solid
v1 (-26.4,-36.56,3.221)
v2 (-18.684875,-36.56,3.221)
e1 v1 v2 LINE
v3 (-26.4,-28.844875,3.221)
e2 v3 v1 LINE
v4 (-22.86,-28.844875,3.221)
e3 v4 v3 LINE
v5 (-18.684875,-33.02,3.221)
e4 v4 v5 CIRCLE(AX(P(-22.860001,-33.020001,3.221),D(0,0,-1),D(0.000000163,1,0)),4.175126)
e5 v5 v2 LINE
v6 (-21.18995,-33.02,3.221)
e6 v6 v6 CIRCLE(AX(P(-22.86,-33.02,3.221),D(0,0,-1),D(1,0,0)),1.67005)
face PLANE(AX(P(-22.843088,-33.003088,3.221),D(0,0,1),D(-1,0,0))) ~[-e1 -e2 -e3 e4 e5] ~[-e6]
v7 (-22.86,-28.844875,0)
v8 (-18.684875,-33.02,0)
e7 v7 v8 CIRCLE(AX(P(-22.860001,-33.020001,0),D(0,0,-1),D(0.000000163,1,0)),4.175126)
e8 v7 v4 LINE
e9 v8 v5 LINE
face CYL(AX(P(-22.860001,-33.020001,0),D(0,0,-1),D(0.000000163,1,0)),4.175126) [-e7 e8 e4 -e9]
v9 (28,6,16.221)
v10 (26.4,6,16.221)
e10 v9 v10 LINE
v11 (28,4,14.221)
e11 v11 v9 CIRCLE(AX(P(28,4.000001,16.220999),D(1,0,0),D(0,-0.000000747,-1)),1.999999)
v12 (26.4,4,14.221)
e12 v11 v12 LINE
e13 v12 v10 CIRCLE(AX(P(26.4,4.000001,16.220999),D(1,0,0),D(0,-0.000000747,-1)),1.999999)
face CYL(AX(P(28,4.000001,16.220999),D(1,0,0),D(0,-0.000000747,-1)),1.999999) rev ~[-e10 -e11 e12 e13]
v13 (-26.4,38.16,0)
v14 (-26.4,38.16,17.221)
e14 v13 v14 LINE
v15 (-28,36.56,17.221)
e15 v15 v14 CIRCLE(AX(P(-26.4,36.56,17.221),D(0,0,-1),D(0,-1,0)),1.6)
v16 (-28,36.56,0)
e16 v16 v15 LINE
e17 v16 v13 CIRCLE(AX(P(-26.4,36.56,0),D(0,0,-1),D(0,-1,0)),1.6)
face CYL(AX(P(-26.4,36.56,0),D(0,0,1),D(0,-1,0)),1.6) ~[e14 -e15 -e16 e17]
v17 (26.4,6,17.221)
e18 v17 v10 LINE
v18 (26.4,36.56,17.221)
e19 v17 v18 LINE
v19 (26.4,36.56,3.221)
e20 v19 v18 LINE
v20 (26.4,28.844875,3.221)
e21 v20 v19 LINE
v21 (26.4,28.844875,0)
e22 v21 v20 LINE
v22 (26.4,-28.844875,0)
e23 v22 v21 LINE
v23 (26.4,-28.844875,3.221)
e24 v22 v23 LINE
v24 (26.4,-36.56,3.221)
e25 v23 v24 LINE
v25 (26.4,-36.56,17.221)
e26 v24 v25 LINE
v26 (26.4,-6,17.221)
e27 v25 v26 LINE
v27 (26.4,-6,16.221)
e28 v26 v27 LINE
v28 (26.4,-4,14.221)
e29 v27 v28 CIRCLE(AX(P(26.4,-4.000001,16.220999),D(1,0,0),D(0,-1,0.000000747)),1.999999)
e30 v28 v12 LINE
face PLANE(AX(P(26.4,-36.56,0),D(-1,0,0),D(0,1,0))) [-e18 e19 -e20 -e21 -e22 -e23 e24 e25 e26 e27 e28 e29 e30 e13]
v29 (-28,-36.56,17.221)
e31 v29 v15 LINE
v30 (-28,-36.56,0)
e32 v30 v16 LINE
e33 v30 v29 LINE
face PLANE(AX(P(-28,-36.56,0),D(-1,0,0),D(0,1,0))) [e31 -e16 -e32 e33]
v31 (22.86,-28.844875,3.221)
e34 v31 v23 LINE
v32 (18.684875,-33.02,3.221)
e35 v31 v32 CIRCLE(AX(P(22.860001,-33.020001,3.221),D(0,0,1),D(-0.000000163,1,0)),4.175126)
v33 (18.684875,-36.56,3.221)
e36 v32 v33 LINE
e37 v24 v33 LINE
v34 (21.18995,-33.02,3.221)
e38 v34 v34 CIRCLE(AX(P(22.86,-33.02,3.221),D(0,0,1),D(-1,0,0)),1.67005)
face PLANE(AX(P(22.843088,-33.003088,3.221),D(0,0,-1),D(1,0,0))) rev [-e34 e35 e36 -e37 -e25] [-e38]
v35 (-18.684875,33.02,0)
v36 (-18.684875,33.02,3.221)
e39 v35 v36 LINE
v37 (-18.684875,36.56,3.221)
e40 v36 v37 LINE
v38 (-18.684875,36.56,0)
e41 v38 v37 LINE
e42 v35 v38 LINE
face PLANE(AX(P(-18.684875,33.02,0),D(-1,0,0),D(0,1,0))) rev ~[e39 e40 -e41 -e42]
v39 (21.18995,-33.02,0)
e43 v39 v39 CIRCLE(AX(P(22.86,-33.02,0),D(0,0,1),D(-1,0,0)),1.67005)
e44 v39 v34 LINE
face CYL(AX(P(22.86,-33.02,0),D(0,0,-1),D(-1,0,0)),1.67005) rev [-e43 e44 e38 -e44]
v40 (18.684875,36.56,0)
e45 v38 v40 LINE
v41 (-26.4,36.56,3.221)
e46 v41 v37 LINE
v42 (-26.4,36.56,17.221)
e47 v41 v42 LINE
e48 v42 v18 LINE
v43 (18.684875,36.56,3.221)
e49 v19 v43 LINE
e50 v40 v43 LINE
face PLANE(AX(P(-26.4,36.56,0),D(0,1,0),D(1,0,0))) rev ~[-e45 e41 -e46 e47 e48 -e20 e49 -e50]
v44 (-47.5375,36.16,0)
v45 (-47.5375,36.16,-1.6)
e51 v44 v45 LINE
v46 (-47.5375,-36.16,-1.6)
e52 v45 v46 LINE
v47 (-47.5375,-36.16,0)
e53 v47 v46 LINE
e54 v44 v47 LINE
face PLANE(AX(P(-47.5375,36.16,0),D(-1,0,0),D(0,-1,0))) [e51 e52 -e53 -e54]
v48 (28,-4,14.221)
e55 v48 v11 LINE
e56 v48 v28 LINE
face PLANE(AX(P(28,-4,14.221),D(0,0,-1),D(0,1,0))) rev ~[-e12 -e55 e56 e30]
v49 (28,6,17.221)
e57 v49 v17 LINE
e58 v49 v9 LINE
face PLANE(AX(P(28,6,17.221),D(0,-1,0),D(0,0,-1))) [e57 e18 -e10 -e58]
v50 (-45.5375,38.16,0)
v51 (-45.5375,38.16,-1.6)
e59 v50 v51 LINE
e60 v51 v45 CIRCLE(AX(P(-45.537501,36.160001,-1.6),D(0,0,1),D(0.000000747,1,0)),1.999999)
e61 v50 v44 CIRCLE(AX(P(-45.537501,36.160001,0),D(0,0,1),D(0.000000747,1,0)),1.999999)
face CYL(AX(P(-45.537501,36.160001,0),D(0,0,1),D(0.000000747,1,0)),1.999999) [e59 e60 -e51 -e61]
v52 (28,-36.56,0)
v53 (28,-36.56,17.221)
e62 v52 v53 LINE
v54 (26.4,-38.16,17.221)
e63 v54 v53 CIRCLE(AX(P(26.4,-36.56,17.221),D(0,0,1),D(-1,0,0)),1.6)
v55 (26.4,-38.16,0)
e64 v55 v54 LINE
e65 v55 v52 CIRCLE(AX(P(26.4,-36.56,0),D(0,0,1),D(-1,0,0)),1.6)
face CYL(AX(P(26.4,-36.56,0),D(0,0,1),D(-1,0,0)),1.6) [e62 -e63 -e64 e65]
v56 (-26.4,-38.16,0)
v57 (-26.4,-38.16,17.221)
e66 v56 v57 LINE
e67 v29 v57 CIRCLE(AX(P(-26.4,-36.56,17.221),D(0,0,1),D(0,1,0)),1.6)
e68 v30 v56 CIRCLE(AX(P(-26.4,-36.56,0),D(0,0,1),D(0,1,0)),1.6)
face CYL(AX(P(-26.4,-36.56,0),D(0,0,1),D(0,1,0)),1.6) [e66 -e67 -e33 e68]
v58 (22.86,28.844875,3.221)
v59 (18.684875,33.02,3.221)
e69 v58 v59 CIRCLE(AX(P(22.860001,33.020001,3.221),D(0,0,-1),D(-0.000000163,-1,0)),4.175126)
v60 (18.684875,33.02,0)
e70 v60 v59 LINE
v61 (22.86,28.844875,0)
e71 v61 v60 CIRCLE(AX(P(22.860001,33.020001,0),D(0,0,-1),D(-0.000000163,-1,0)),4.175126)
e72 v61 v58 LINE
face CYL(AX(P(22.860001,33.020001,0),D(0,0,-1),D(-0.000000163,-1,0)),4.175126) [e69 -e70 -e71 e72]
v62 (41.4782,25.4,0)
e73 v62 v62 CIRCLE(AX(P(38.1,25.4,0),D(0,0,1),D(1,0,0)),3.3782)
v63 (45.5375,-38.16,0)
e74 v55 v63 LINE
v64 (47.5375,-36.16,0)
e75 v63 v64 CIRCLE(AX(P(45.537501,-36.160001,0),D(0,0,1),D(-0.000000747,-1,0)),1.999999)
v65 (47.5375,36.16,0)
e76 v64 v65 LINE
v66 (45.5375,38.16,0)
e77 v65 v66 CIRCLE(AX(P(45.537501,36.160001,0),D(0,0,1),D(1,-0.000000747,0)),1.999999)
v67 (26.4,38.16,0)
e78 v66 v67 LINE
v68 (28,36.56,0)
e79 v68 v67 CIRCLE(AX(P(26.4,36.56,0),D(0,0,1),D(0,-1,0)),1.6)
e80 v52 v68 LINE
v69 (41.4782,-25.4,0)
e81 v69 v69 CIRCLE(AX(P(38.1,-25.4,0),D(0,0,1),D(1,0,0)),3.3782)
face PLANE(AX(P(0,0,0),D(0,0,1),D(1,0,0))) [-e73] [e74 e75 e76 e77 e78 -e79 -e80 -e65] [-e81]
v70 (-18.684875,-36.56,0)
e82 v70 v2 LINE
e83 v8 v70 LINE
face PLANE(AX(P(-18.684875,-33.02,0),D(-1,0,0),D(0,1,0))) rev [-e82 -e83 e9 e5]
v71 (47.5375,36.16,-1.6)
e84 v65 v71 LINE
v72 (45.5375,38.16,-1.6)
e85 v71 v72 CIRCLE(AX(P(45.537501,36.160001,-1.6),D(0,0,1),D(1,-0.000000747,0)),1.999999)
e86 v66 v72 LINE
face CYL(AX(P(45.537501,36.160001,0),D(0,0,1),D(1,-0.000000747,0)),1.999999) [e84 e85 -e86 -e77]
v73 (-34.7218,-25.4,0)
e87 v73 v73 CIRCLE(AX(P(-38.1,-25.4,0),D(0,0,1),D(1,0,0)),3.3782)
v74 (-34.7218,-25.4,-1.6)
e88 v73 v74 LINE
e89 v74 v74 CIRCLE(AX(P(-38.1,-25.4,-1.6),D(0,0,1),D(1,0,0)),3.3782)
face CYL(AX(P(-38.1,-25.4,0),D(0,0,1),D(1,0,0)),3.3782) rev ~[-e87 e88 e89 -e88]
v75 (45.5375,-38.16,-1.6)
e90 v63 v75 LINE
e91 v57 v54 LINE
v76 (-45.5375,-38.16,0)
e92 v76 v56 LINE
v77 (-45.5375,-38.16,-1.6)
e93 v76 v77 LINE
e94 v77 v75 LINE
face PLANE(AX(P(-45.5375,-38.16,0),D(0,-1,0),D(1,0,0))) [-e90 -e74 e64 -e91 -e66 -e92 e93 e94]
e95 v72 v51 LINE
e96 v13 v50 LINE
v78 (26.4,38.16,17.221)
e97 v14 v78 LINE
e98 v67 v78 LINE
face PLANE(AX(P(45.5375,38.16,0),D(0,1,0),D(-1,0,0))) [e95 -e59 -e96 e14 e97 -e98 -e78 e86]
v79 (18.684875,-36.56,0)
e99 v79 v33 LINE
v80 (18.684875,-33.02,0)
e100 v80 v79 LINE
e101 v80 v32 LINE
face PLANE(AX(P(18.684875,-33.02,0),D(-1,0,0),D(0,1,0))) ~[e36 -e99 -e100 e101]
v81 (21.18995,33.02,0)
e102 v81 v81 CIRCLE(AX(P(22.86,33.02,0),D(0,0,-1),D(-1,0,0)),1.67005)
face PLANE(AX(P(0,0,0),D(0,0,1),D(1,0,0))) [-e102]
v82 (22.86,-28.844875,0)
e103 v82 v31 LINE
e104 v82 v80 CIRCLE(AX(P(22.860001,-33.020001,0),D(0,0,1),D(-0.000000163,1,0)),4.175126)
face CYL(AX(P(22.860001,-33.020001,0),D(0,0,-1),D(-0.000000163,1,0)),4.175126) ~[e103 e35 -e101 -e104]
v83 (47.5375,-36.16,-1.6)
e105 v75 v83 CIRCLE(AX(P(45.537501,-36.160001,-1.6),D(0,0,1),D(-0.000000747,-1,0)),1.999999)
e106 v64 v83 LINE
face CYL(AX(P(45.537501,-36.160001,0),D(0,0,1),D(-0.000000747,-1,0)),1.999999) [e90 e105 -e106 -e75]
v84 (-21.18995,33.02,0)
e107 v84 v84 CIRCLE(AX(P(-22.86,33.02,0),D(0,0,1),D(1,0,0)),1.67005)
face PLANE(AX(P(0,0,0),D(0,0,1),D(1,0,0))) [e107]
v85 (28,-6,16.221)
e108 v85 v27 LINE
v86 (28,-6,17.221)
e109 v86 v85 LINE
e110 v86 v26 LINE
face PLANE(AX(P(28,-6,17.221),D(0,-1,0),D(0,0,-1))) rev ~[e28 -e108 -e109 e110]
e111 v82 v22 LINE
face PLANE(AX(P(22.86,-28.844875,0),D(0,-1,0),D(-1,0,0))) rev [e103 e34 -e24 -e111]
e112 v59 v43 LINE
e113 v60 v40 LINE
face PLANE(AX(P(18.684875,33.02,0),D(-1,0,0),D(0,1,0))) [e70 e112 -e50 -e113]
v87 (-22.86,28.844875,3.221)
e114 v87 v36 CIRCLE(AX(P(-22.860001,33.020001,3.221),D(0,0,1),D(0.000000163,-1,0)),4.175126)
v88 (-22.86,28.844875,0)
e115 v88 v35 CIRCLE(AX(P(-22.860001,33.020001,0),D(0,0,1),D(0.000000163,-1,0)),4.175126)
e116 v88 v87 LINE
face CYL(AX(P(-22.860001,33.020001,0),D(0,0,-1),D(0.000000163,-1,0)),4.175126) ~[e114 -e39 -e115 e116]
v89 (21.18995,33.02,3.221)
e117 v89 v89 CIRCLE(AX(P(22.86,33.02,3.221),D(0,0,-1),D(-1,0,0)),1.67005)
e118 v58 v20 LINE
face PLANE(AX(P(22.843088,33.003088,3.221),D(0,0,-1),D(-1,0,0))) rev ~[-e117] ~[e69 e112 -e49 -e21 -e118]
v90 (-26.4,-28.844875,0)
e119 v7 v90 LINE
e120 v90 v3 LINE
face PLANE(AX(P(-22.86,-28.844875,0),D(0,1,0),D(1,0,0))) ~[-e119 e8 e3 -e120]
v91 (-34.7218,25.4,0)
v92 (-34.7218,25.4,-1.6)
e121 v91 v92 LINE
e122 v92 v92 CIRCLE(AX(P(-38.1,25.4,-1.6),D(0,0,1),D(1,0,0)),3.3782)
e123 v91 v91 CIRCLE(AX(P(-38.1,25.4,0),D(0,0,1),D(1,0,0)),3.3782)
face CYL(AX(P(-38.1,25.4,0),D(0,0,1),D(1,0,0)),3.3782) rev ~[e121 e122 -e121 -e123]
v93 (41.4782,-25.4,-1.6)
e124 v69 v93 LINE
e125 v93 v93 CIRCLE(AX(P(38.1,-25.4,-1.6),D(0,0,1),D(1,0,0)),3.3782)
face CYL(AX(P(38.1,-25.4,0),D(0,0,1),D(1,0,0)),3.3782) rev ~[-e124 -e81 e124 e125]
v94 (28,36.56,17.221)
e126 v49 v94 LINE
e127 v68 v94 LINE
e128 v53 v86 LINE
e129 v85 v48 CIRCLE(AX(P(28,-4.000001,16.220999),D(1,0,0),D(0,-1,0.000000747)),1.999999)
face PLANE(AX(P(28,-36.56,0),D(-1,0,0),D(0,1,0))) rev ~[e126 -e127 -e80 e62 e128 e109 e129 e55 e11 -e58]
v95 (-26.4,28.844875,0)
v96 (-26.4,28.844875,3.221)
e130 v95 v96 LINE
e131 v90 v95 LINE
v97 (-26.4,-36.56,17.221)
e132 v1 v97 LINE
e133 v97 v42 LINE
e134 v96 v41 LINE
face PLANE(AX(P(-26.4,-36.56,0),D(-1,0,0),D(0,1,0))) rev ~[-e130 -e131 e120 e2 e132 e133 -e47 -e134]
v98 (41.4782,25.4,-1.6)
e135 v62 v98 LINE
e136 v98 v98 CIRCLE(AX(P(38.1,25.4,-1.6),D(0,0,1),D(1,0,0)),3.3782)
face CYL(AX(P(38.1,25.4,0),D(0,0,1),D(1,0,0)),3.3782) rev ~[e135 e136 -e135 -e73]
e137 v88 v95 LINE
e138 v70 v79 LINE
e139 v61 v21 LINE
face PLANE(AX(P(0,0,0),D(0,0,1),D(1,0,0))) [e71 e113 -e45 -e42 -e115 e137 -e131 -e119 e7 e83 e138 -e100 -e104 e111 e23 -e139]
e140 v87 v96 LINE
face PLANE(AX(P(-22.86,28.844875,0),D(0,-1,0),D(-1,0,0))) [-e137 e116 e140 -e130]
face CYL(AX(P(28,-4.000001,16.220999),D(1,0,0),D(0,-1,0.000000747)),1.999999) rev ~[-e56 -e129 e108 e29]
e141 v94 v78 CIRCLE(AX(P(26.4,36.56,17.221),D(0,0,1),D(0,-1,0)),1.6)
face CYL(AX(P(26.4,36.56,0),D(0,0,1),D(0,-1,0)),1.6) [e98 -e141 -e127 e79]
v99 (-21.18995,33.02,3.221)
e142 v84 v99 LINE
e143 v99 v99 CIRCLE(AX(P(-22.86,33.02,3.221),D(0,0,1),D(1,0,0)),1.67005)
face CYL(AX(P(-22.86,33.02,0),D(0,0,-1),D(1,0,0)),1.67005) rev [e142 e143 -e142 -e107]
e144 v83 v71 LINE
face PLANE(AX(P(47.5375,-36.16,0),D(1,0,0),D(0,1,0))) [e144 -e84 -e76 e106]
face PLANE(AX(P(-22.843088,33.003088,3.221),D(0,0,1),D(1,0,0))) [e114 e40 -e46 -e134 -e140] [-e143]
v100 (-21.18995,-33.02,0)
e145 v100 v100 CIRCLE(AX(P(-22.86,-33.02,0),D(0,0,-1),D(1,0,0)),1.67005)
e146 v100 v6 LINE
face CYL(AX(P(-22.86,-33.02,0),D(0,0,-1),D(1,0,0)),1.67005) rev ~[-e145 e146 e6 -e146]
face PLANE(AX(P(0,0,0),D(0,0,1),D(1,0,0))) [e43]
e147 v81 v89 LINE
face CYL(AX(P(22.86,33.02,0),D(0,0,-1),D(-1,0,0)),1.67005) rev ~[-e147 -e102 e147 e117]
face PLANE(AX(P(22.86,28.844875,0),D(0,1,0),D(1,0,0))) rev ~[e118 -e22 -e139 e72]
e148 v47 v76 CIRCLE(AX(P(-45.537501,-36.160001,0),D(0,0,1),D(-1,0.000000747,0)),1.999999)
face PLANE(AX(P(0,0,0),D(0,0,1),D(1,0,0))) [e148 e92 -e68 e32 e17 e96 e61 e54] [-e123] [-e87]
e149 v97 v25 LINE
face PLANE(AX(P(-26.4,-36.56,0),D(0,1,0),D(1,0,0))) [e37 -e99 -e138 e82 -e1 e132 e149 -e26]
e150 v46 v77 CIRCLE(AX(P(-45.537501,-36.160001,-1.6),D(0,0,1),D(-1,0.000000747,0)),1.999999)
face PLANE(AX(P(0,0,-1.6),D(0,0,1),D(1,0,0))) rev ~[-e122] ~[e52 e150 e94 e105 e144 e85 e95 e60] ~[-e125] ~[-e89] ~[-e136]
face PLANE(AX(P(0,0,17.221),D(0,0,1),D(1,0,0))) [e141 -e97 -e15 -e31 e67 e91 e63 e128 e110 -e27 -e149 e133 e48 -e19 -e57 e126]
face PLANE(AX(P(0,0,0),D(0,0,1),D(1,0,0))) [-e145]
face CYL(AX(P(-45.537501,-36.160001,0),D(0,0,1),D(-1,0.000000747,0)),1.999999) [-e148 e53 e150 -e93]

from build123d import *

# Parameters (mm, degrees)
SKETCH_W                = 52.8
SKETCH_H                = 73.12
PAD_DEPTH               = 17.221
THICKNESS_T             = 1.6
SKETCH001_R             = 1.67005
PAD001_DEPTH            = 3.221
SKETCH001_MIRRORED_2_R  = 1.67005
PAD001_MIRRORED_2_DEPTH = 3.221
PAD002_DEPTH            = 1.6
SKETCH003_R             = 3.3782
POCKET_DEPTH            = 1.601
POCKET001_DEPTH         = 1.6


with BuildPart() as part:
    # Sketch → Pad (new body)
    with BuildSketch(Plane.XY):
        Rectangle(SKETCH_W, SKETCH_H)
    extrude(amount=PAD_DEPTH)

    # Thickness
    thickness_openings = [part.faces().sort_by_distance(p)[0] for p in [
        (0, 0, 17.221),
    ]]
    offset(amount=THICKNESS_T, openings=thickness_openings)

    # Sketch001 → Pad001 (join)
    with BuildSketch(Plane.XY):
        with BuildLine():
            ThreePointArc((-22.86, 28.844875), (-19.907741, 30.067741), (-18.684875, 33.02))
            Line((-18.684875, 33.02), (-18.684875, 36.56))
            Line((-26.4, 36.56), (-18.684875, 36.56))
            Line((-26.4, 28.844875), (-26.4, 36.56))
            Line((-22.86, 28.844875), (-26.4, 28.844875))
        make_face()
        with Locations((-22.86, 33.02)):
            Circle(SKETCH001_R, mode=Mode.SUBTRACT)
    pad001 = extrude(amount=PAD001_DEPTH)

    # Sketch001 Mirrored 2 → Pad001 Mirrored 2 (add)
    with BuildSketch(Plane(origin=(0, 0, 0), x_dir=(-1, 0, 0), z_dir=(0, 0, -1))):
        with BuildLine():
            ThreePointArc((-22.86, 28.844875), (-19.907741, 30.067741), (-18.684875, 33.02))
            Line((-18.684875, 33.02), (-18.684875, 36.56))
            Line((-26.4, 36.56), (-18.684875, 36.56))
            Line((-26.4, 28.844875), (-26.4, 36.56))
            Line((-22.86, 28.844875), (-26.4, 28.844875))
        make_face()
        with Locations((-22.86, 33.02)):
            Circle(SKETCH001_MIRRORED_2_R, mode=Mode.SUBTRACT)
    pad001_mirrored_2 = extrude(amount=-PAD001_MIRRORED_2_DEPTH)

    # Mirrored001: Pad001, Pad001 Mirrored 2 across XZ
    add(pad001.mirror(Plane.XZ))
    add(pad001_mirrored_2.mirror(Plane.XZ))

    # Sketch002 → Pad002 (join)
    with BuildSketch(Plane.XY):
        with BuildLine():
            Line((-47.5375, 36.16), (-47.5375, -36.16))
            ThreePointArc((-47.5375, -36.16), (-46.951714, -37.574214), (-45.5375, -38.16))
            Line((-45.5375, -38.16), (45.5375, -38.16))
            ThreePointArc((45.5375, -38.16), (46.951714, -37.574214), (47.5375, -36.16))
            Line((47.5375, -36.16), (47.5375, 36.16))
            ThreePointArc((47.5375, 36.16), (46.951714, 37.574214), (45.5375, 38.16))
            Line((45.5375, 38.16), (-45.5375, 38.16))
            ThreePointArc((-45.5375, 38.16), (-46.951714, 37.574214), (-47.5375, 36.16))
        make_face()
    extrude(amount=-PAD002_DEPTH)

    # Sketch003 → Pocket (cut, through all)
    with BuildSketch(Plane.XY):
        with Locations((-38.1, 25.4)):
            Circle(SKETCH003_R)
        with Locations((38.1, 25.4)):
            Circle(SKETCH003_R)
        with Locations((-38.1, -25.4)):
            Circle(SKETCH003_R)
        with Locations((38.1, -25.4)):
            Circle(SKETCH003_R)
    extrude(amount=-POCKET_DEPTH, mode=Mode.SUBTRACT)

    # Sketch004 (on DatumPlane) → Pocket001 (cut)
    with BuildSketch(Plane.YZ.offset(28)):
        with BuildLine():
            Line((-6, 17.221), (6, 17.221))
            Line((6, 17.221), (6, 16.221))
            ThreePointArc((4, 14.221), (5.414214, 14.806786), (6, 16.221))
            Line((-4, 14.221), (4, 14.221))
            ThreePointArc((-6, 16.221), (-5.414214, 14.806786), (-4, 14.221))
            Line((-6, 17.221), (-6, 16.221))
        make_face()
    extrude(amount=-POCKET001_DEPTH, mode=Mode.SUBTRACT)


solid = part.part
